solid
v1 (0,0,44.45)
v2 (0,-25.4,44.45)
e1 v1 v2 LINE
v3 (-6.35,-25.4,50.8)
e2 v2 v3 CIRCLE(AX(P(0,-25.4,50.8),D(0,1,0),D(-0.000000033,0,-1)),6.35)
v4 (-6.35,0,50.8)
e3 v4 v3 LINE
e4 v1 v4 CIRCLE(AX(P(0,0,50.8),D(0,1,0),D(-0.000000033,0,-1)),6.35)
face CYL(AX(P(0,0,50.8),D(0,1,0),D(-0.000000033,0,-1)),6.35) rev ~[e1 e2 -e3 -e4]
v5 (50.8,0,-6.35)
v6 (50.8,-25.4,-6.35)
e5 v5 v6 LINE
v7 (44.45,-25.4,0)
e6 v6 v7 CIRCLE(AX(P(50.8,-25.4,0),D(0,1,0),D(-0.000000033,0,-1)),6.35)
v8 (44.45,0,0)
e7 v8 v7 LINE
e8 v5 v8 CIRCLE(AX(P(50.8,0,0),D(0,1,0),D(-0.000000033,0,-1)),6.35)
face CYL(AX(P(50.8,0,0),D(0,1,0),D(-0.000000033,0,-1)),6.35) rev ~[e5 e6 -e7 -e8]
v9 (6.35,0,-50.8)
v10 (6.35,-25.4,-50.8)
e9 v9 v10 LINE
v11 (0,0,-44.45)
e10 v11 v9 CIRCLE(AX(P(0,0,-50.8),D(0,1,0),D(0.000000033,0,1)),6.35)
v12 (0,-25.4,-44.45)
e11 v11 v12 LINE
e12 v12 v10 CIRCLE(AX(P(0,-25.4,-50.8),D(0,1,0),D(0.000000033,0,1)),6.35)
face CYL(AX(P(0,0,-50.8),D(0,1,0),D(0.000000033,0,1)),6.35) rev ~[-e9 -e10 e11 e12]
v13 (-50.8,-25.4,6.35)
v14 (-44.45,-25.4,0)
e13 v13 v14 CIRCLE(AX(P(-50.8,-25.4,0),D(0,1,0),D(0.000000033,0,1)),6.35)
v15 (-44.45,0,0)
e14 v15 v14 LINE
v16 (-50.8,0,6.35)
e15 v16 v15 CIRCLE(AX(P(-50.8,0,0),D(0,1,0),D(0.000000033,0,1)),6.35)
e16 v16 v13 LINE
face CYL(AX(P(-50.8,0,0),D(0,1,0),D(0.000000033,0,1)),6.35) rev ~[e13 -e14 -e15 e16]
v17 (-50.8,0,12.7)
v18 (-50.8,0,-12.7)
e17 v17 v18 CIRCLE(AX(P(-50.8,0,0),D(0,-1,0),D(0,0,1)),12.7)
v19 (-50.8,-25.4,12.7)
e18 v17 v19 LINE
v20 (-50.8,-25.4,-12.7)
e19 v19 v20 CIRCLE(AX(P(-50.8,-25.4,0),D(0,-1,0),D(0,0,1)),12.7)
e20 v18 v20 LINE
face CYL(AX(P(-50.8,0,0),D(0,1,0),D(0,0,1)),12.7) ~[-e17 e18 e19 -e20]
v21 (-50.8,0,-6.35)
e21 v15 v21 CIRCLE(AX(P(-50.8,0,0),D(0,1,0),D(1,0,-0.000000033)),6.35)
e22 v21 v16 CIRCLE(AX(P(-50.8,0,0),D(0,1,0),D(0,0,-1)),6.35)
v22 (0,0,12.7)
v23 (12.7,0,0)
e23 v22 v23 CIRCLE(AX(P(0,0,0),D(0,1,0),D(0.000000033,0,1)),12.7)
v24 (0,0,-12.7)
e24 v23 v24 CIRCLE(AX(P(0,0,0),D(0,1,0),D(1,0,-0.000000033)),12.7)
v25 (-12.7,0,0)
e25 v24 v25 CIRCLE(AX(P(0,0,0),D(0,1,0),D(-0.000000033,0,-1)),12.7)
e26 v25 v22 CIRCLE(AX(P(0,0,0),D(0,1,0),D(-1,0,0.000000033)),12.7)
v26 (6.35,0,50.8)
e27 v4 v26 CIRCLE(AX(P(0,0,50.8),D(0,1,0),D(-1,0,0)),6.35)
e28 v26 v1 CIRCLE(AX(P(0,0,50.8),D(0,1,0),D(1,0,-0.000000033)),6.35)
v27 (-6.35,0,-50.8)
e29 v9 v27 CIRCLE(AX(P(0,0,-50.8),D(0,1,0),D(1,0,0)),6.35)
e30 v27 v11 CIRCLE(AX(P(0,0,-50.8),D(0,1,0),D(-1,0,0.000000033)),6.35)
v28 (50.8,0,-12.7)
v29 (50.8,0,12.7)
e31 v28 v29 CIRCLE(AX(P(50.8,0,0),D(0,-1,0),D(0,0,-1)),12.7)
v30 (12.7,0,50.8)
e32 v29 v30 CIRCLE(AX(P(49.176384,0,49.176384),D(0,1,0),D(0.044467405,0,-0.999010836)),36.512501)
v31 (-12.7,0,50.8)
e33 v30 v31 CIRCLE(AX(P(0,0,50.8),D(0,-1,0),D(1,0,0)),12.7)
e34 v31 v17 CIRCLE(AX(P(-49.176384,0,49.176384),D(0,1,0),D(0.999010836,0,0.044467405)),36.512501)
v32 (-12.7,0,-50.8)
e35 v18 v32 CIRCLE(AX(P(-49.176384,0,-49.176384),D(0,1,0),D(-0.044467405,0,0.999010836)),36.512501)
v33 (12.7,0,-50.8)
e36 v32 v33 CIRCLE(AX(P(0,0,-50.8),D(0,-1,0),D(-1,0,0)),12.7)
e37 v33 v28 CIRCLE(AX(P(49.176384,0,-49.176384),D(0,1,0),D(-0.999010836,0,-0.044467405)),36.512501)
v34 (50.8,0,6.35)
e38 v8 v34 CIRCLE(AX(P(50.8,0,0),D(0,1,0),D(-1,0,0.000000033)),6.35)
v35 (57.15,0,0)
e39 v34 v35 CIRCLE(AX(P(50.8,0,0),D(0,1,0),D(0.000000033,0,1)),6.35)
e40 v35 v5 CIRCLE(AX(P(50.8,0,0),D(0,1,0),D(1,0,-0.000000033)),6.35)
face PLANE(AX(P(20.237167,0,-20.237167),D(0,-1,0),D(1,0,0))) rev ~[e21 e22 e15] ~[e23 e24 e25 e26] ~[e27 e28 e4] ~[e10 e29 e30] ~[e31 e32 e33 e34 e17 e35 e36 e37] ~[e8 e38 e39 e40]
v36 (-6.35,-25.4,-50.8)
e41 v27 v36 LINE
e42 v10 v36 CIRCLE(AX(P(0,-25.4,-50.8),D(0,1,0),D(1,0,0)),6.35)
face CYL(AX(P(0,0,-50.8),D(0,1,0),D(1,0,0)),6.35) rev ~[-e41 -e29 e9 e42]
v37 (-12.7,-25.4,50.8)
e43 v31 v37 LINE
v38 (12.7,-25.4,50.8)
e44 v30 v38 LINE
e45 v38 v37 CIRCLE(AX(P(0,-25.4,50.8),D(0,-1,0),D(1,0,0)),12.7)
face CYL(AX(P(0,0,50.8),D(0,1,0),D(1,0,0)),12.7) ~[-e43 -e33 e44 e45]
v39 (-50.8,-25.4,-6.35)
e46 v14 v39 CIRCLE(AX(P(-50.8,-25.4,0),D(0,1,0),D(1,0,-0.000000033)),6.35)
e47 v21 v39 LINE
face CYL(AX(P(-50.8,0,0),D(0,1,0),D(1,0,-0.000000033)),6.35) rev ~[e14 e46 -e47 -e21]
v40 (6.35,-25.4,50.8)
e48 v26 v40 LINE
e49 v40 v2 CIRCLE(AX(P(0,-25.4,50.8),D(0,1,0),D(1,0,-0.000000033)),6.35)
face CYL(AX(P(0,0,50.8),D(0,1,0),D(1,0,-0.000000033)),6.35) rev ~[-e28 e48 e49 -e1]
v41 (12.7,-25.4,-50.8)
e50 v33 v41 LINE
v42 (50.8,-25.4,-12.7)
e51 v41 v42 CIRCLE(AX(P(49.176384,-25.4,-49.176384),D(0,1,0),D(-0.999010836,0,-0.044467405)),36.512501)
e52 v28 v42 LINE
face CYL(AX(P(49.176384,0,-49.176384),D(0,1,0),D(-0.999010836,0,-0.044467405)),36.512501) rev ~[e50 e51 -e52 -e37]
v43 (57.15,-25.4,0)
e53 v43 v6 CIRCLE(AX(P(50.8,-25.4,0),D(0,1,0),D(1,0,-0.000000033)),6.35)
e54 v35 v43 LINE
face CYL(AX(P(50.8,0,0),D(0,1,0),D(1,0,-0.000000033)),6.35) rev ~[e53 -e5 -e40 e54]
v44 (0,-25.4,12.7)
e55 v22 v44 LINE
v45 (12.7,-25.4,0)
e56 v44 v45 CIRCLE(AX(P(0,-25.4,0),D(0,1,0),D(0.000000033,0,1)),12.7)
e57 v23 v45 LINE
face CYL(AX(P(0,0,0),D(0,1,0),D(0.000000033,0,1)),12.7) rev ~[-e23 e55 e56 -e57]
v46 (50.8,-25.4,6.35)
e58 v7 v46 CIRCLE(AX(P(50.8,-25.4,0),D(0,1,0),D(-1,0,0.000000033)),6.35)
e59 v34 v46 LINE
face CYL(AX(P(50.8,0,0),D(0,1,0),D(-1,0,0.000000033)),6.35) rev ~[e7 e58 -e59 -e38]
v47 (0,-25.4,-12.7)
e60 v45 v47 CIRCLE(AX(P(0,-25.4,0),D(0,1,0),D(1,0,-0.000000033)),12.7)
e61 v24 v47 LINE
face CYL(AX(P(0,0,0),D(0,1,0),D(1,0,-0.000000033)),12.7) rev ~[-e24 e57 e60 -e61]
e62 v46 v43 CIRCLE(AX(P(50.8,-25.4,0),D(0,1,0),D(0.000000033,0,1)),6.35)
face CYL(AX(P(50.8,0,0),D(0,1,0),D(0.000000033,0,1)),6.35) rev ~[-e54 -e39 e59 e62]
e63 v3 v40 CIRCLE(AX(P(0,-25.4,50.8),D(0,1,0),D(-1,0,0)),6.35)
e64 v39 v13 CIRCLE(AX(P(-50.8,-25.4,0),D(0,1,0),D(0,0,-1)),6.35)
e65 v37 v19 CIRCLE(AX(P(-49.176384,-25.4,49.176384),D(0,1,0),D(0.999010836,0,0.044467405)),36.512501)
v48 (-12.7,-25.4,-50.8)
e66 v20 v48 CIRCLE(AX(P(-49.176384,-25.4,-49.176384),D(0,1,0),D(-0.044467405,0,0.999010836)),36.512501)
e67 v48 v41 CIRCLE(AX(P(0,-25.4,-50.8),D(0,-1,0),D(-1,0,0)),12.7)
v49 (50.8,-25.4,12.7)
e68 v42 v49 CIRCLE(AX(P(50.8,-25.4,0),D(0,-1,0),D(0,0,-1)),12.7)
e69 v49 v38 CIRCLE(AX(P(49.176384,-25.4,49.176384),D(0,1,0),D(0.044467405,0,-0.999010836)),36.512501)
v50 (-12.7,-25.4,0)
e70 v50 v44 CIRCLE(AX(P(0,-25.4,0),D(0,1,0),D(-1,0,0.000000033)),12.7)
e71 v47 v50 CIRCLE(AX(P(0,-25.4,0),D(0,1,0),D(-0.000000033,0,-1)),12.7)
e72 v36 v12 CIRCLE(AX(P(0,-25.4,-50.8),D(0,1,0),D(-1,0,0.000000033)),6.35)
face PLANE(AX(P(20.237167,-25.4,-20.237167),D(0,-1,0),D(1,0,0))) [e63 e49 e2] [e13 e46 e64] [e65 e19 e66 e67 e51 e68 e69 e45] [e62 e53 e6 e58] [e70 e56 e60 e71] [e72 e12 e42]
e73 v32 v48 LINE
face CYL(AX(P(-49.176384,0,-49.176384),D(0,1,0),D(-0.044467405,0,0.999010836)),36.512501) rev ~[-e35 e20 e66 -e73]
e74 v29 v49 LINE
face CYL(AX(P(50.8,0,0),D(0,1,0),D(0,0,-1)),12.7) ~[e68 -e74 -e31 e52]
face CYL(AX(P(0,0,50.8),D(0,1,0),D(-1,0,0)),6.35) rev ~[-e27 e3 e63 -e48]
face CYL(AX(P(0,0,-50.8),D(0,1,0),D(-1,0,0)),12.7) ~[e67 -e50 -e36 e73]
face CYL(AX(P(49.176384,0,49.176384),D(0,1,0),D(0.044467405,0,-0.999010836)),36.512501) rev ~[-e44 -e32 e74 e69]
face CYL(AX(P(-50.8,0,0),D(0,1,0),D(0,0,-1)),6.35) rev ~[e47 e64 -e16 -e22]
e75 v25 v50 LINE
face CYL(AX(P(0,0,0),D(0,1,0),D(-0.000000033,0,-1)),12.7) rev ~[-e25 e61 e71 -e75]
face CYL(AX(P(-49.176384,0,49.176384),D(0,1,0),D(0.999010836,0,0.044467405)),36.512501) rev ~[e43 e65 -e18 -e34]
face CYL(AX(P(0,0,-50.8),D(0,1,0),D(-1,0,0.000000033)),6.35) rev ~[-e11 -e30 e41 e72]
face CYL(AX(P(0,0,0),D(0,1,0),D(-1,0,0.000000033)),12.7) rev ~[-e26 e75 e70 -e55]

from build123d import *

# Parameters (mm, degrees)
F1_DEPTH = 25.4


with BuildPart() as f1:
    # F0 (on Front) → F1 (new body)
    with BuildSketch(Plane.XZ):
        with BuildLine():
            Line((44.45, 0), (12.7, 0))
            ThreePointArc((12.7, 0), (8.980256, -8.980256), (0, -12.7))
            Line((0, -12.7), (0, -44.45))
            ThreePointArc((0, -44.45), (4.490128, -46.309872), (6.35, -50.8))
            Line((6.35, -50.8), (12.7, -50.8))
            ThreePointArc((12.7, -50.8), (23.358147, -23.358147), (50.8, -12.7))
            Line((50.8, -12.7), (50.8, -6.35))
            ThreePointArc((50.8, -6.35), (46.309872, -4.490128), (44.45, 0))
        make_face()
        with BuildLine():
            ThreePointArc((0, 12.7), (8.980256, 8.980256), (12.7, 0))
            Line((12.7, 0), (44.45, 0))
            ThreePointArc((44.45, 0), (46.309872, 4.490128), (50.8, 6.35))
            Line((50.8, 6.35), (50.8, 12.7))
            ThreePointArc((50.8, 12.7), (23.358147, 23.358147), (12.7, 50.8))
            Line((12.7, 50.8), (6.35, 50.8))
            ThreePointArc((6.35, 50.8), (4.490128, 46.309872), (0, 44.45))
            Line((0, 44.45), (0, 12.7))
        make_face()
        with BuildLine():
            ThreePointArc((-12.7, 0), (-8.980256, 8.980256), (0, 12.7))
            Line((0, 12.7), (0, 44.45))
            ThreePointArc((0, 44.45), (-4.490128, 46.309872), (-6.35, 50.8))
            Line((-6.35, 50.8), (-12.7, 50.8))
            ThreePointArc((-12.7, 50.8), (-23.358147, 23.358147), (-50.8, 12.7))
            Line((-50.8, 12.7), (-50.8, 6.35))
            ThreePointArc((-50.8, 6.35), (-46.309872, 4.490128), (-44.45, 0))
            Line((-44.45, 0), (-12.7, 0))
        make_face()
        with BuildLine():
            Line((0, -44.45), (0, -12.7))
            ThreePointArc((0, -12.7), (-8.980256, -8.980256), (-12.7, 0))
            Line((-12.7, 0), (-44.45, 0))
            ThreePointArc((-44.45, 0), (-46.309872, -4.490128), (-50.8, -6.35))
            Line((-50.8, -6.35), (-50.8, -12.7))
            ThreePointArc((-50.8, -12.7), (-23.358147, -23.358147), (-12.7, -50.8))
            Line((-12.7, -50.8), (-6.35, -50.8))
            ThreePointArc((-6.35, -50.8), (-4.490128, -46.309872), (0, -44.45))
        make_face()
        with BuildLine():
            Line((50.8, 12.7), (50.8, 6.35))
            ThreePointArc((50.8, 6.35), (55.290128, 4.490128), (57.15, 0))
            ThreePointArc((57.15, 0), (55.290128, -4.490128), (50.8, -6.35))
            Line((50.8, -6.35), (50.8, -12.7))
            ThreePointArc((50.8, -12.7), (63.5, 0), (50.8, 12.7))
        make_face()
        with BuildLine():
            Line((-12.7, 50.8), (-6.35, 50.8))
            ThreePointArc((-6.35, 50.8), (0, 57.15), (6.35, 50.8))
            Line((6.35, 50.8), (12.7, 50.8))
            ThreePointArc((12.7, 50.8), (0, 63.5), (-12.7, 50.8))
        make_face()
        with BuildLine():
            Line((12.7, -50.8), (6.35, -50.8))
            ThreePointArc((6.35, -50.8), (0, -57.15), (-6.35, -50.8))
            Line((-6.35, -50.8), (-12.7, -50.8))
            ThreePointArc((-12.7, -50.8), (0, -63.5), (12.7, -50.8))
        make_face()
        with BuildLine():
            ThreePointArc((-50.8, -6.35), (-57.15, 0), (-50.8, 6.35))
            Line((-50.8, 6.35), (-50.8, 12.7))
            ThreePointArc((-50.8, 12.7), (-63.5, 0), (-50.8, -12.7))
            Line((-50.8, -12.7), (-50.8, -6.35))
        make_face()
    extrude(amount=F1_DEPTH)


solid = f1.part
